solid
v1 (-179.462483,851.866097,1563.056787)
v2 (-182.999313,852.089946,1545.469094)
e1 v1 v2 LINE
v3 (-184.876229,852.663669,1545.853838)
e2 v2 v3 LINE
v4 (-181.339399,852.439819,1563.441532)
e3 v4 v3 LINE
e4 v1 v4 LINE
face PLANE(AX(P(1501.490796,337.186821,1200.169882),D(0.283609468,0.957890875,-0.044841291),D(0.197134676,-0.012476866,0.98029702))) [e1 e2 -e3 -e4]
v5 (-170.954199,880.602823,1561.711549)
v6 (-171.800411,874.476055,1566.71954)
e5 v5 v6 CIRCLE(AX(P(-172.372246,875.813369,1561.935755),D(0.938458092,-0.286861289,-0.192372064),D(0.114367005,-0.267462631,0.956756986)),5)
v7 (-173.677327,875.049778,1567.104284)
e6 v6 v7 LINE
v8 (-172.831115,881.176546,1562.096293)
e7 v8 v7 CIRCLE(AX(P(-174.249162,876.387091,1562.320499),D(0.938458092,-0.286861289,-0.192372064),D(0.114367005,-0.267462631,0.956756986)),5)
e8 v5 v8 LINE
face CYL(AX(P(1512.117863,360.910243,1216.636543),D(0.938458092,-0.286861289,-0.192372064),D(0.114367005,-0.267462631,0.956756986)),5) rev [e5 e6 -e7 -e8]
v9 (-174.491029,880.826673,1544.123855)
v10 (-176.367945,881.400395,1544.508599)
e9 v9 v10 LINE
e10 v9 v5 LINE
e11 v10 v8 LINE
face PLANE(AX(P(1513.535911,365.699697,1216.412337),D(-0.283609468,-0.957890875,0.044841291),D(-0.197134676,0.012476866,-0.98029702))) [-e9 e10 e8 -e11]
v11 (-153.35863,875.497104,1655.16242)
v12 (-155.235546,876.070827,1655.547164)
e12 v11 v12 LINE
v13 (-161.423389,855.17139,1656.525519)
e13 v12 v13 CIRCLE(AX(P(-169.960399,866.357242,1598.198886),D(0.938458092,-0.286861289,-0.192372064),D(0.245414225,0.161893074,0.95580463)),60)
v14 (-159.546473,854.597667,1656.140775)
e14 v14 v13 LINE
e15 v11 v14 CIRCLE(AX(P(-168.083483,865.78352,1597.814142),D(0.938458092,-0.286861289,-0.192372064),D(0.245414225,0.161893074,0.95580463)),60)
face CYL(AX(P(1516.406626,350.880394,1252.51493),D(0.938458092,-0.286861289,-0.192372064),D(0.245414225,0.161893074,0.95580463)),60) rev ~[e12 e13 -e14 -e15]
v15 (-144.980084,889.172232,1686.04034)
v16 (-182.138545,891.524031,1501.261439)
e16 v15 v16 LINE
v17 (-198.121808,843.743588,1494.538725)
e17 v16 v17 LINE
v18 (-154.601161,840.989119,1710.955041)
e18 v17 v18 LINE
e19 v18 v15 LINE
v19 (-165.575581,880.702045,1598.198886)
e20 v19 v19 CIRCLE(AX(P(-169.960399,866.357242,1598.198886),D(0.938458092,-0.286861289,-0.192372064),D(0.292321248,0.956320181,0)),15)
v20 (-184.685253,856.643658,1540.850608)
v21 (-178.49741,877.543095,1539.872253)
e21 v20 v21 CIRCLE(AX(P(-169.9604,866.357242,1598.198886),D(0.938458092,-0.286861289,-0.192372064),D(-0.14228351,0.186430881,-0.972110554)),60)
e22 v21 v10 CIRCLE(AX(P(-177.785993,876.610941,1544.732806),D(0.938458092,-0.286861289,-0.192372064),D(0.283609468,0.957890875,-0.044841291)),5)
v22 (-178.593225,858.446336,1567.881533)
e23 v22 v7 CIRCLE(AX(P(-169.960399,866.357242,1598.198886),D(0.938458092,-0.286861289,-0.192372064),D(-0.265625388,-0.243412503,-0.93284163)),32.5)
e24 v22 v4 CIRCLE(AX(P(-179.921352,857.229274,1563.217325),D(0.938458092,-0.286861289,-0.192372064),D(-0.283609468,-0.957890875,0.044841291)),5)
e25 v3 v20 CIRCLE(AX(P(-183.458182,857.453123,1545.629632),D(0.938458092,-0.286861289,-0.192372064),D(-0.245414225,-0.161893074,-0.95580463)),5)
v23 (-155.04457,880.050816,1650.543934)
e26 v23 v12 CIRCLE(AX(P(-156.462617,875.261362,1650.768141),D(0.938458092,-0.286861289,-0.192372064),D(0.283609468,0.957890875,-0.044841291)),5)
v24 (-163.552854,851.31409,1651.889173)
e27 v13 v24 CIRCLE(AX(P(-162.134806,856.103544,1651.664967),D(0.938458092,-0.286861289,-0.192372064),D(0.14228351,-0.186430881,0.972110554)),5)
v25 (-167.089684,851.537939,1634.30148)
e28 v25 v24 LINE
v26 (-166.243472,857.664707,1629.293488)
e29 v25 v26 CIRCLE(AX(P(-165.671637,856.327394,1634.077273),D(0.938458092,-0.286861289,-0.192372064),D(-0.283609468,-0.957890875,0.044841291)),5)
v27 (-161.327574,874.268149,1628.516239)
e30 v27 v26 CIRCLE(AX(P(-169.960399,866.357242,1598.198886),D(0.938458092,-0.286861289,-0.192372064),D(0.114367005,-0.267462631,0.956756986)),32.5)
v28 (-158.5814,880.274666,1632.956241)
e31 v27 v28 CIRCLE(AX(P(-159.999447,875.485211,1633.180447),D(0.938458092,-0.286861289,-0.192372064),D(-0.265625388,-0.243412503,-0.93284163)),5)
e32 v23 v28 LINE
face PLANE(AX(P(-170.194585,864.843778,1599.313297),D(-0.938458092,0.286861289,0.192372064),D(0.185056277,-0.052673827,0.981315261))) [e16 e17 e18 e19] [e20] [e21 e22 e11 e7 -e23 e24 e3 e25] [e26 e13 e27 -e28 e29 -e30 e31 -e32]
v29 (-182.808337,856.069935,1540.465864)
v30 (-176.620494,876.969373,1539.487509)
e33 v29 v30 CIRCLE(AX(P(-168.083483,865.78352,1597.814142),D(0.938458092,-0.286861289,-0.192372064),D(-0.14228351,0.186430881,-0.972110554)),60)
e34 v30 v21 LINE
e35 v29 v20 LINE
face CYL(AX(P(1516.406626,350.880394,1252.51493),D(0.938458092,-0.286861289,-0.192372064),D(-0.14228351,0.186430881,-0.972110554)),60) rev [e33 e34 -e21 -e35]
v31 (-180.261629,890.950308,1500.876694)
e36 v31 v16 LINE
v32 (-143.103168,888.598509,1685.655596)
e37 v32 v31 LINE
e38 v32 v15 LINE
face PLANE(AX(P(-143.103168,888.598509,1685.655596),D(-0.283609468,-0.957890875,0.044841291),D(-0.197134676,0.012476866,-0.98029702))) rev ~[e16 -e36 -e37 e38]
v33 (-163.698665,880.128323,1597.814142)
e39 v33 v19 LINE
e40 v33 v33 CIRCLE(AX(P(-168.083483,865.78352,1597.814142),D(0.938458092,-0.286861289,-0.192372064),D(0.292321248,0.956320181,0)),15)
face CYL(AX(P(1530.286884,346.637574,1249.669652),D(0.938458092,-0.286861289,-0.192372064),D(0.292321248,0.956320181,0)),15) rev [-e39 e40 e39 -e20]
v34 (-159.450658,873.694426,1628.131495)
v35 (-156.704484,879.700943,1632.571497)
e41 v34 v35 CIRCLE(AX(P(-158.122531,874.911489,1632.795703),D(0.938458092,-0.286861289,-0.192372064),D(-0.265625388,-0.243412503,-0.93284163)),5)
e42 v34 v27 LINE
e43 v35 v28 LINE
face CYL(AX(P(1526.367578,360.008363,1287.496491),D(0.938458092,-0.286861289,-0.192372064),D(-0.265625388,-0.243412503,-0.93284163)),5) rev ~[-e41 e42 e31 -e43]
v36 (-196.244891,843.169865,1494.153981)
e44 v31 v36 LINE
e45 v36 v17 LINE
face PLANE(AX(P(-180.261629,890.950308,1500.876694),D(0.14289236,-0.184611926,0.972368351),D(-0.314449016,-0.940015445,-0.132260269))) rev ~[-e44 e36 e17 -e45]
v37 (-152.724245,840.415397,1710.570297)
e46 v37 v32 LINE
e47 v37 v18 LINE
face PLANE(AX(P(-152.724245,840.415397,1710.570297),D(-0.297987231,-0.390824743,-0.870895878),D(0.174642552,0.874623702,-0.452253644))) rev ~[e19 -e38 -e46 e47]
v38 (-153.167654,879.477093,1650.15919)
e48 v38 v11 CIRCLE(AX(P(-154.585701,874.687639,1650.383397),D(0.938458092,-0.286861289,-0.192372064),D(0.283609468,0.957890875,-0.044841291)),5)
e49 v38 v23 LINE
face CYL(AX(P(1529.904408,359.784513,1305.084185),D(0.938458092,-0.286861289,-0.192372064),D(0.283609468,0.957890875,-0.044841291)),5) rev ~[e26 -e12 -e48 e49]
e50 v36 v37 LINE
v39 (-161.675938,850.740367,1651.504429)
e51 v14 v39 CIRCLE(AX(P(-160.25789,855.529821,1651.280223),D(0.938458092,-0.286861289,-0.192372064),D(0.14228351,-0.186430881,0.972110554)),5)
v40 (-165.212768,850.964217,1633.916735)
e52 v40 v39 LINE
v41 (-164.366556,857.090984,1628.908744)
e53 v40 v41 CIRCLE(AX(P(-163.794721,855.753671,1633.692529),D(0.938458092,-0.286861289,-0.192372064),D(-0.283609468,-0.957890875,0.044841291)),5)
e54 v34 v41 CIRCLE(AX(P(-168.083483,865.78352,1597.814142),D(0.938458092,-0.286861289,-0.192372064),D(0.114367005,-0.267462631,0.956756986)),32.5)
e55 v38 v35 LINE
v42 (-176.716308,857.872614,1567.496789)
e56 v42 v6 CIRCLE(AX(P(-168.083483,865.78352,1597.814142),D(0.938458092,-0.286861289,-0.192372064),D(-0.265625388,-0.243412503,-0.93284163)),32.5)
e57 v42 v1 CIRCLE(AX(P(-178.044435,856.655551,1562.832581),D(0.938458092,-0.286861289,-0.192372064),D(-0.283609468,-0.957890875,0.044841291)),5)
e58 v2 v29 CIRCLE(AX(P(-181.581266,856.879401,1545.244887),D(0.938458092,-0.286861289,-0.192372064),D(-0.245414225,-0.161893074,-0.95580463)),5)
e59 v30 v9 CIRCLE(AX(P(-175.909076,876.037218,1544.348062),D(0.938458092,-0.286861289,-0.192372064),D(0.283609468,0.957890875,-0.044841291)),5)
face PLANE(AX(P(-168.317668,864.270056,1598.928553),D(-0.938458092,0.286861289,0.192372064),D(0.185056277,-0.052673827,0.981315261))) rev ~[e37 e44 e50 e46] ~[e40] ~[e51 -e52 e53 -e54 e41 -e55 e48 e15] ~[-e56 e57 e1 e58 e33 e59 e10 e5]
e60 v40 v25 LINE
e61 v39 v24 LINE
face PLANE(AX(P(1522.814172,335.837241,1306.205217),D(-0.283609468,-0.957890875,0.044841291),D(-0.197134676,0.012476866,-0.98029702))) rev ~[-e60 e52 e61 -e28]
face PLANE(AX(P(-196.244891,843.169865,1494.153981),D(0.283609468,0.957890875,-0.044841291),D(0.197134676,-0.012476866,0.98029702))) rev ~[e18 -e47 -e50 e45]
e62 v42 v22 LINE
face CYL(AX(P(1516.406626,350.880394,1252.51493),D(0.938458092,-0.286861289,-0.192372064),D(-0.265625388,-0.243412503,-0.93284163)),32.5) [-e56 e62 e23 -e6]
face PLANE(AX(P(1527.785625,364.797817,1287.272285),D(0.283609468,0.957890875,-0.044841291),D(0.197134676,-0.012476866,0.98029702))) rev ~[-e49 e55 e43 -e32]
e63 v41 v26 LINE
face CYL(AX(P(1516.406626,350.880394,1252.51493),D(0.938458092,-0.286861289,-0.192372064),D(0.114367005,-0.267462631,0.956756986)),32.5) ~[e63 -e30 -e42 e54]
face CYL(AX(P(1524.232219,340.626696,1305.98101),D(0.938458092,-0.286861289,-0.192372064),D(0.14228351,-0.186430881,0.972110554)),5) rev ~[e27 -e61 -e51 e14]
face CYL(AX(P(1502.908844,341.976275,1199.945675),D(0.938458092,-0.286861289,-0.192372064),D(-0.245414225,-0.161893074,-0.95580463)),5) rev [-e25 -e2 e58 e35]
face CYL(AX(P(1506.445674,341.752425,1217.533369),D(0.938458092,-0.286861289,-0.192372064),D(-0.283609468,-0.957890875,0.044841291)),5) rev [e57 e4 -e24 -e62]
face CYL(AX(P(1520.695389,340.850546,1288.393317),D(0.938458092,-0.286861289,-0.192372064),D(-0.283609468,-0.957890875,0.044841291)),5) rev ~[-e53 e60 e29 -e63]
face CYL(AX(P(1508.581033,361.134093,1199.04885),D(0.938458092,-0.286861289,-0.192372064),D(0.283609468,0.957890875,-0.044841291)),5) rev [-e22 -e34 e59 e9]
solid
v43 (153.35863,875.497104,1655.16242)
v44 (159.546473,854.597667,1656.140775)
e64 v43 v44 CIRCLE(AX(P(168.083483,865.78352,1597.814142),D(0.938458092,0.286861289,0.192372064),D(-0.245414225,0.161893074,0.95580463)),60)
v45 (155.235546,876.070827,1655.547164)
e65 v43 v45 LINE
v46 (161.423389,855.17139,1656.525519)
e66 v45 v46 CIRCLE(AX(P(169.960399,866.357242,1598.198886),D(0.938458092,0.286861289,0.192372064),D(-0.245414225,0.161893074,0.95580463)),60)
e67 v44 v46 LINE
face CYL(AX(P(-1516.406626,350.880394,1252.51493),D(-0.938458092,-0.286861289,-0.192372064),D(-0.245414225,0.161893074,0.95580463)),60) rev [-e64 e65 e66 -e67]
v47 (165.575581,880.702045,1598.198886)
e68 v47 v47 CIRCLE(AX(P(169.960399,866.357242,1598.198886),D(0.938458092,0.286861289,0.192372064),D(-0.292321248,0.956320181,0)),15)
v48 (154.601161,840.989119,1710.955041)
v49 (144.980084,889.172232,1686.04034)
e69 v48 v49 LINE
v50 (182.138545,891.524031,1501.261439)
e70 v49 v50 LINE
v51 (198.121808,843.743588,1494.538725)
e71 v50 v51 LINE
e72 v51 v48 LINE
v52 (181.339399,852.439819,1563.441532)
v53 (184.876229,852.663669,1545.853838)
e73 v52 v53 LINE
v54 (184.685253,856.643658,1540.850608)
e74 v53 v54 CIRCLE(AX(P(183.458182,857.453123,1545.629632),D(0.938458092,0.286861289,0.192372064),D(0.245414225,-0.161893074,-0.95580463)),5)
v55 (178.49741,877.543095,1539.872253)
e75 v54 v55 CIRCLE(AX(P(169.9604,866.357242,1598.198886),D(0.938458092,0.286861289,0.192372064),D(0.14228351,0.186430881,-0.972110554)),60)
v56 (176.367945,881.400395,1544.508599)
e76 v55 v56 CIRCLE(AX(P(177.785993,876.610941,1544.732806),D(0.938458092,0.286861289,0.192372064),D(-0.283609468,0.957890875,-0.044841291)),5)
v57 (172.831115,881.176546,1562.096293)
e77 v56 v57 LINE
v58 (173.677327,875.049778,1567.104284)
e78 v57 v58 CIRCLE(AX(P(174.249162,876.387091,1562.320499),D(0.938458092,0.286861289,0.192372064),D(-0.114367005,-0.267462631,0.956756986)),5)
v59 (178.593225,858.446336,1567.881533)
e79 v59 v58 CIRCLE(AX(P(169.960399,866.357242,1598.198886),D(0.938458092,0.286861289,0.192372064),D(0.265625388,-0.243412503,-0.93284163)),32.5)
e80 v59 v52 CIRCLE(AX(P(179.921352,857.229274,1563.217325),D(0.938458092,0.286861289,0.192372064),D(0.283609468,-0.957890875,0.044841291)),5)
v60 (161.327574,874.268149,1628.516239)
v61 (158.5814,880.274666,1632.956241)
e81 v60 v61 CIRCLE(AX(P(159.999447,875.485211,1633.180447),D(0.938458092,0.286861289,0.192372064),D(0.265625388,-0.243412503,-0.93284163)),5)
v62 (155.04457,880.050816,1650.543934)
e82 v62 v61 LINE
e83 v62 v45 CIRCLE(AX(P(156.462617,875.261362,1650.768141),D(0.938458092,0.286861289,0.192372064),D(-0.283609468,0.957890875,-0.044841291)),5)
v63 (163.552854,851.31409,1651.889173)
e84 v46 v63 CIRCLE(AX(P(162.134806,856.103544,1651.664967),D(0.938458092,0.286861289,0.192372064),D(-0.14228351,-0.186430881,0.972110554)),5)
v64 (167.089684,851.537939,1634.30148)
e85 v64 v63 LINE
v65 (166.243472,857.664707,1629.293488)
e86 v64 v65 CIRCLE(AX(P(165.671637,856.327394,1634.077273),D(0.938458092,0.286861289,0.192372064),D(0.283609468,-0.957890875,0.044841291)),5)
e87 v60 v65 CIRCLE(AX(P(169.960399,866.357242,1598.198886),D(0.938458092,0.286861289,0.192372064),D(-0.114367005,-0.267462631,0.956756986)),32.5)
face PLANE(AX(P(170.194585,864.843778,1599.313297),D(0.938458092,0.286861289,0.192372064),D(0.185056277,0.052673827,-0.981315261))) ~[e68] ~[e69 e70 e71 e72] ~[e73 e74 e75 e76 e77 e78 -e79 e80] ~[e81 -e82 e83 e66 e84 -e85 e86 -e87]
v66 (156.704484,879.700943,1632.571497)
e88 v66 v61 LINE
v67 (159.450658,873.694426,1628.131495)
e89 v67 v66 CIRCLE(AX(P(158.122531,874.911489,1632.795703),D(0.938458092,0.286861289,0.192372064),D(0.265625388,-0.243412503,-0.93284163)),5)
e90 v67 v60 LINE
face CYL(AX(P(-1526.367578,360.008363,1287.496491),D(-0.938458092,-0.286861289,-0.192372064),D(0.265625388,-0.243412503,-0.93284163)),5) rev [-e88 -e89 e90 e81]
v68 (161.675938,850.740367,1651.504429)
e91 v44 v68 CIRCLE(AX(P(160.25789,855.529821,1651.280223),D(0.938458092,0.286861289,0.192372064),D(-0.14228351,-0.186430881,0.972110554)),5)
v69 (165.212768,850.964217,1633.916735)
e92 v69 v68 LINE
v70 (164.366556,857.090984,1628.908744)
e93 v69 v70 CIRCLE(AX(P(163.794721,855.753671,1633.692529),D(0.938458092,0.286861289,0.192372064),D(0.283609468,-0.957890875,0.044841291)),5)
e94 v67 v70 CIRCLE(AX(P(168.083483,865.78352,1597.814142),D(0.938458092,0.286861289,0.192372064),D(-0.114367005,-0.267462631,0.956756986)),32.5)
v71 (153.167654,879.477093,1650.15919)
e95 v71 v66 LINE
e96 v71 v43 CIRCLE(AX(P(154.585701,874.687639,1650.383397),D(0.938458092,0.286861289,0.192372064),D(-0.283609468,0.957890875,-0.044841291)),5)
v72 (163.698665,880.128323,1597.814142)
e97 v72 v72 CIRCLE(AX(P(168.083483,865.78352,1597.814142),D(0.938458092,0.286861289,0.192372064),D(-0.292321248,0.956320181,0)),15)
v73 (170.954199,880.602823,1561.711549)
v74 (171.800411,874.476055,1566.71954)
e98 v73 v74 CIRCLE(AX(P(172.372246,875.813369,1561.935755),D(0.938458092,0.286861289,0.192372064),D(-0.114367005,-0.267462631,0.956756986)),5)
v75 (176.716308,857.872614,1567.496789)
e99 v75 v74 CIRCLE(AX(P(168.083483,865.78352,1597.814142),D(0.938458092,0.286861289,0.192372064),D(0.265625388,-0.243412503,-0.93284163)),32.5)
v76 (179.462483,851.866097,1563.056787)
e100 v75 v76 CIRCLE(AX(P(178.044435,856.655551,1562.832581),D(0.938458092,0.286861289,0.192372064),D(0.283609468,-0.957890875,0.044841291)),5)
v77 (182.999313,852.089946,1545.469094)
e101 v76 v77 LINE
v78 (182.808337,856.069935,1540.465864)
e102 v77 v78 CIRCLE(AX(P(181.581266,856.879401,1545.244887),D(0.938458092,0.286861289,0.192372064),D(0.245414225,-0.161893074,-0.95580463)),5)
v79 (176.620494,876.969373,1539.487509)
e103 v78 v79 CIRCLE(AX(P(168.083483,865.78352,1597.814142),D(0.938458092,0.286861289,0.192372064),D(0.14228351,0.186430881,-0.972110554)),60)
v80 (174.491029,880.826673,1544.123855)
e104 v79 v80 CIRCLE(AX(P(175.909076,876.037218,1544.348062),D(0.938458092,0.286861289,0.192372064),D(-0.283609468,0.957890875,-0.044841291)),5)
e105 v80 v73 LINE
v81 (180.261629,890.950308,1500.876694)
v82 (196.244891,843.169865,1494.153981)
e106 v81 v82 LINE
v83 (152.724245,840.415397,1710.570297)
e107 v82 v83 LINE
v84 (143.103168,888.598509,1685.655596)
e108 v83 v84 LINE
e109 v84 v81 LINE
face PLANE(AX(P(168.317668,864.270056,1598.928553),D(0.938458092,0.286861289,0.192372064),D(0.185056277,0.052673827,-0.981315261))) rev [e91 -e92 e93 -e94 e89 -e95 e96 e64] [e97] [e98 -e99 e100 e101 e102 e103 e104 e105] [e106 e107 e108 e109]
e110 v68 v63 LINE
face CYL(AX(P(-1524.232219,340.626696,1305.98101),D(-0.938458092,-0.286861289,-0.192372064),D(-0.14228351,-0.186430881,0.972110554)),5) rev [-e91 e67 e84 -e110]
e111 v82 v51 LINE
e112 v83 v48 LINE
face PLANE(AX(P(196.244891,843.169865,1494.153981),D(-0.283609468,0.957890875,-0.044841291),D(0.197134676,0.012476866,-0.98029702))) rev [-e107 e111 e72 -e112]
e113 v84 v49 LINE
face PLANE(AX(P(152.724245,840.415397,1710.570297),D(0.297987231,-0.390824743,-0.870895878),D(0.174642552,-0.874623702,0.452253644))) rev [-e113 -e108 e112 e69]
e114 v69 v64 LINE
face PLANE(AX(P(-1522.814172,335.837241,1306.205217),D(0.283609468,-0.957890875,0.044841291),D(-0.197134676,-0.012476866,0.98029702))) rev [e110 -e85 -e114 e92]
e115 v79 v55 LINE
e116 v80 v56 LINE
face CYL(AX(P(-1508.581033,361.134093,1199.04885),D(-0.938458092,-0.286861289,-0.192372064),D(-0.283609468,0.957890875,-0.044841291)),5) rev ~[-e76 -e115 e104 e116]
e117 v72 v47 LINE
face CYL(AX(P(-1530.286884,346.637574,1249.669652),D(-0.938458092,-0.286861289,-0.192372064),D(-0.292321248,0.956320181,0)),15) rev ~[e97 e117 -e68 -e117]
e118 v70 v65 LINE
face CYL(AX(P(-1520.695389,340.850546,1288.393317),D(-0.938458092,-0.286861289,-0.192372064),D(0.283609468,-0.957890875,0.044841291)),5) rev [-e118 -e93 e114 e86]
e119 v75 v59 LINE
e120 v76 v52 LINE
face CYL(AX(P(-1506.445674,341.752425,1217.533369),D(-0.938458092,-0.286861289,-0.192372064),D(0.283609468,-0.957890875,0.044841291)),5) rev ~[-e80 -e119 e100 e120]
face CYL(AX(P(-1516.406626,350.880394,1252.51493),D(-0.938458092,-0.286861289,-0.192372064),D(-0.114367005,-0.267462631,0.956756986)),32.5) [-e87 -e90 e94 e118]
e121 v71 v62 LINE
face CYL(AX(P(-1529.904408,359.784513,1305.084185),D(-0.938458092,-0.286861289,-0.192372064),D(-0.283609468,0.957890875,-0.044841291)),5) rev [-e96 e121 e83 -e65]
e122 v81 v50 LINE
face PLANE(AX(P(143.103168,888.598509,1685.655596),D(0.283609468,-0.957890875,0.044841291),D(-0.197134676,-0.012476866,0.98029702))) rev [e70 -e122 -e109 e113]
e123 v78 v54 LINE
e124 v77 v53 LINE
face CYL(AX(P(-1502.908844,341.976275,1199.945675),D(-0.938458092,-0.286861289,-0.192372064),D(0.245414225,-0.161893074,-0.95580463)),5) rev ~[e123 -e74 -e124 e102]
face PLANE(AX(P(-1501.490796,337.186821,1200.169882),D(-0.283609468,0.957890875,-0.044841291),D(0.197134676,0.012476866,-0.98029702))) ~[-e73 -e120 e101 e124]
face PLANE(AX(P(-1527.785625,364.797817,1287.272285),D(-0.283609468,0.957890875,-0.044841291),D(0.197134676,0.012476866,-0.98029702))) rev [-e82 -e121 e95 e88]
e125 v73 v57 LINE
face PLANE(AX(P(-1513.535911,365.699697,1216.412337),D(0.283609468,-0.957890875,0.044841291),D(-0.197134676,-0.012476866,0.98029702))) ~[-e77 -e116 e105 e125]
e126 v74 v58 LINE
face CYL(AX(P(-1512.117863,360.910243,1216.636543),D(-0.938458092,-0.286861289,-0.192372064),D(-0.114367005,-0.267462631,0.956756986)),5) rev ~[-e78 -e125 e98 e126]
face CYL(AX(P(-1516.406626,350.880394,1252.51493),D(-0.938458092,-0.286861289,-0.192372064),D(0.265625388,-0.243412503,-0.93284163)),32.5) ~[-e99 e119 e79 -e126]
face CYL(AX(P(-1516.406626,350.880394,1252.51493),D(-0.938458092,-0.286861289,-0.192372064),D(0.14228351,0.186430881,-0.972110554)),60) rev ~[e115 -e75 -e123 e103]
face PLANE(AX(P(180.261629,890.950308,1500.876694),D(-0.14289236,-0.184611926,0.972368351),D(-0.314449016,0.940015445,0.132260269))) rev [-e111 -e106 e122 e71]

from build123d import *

# Parameters (mm, degrees)
BOSS_EXTRUDE1_START     = 12.7
BOSS_EXTRUDE1_DEPTH     = 2
CUT_EXTRUDE4_DEPTH      = 1797.04556265
CUT_EXTRUDE4_DEPTH_BACK = 1797.04556265
SKETCH3_R               = 15
CUT_EXTRUDE5_DEPTH      = 1796.95506988
CUT_EXTRUDE5_DEPTH_BACK = 1796.95506988


with BuildPart() as part:
    # Sketch1 → Boss-Extrude1 (new body)
    with BuildSketch(Plane(origin=(-657.646924254, 201.024900686, 134.809319163), x_dir=(0.18505627699526195, -0.05267382726489745, 0.9813152614047744), z_dir=(-0.9384580915226618, 0.28686128937701555, 0.19237206427285553)).offset(BOSS_EXTRUDE1_START)):
        Polygon((1392.544897132, 794.160740411), (1385.506771818, 743.820944023), (1606.078262607, 753.087712192), (1580.871537579, 802.072820575), align=None)
    extrude(amount=BOSS_EXTRUDE1_DEPTH)

    # Sketch3 → Cut-Extrude4 (cut, two sides: drawn at the far end of the back side and taken through both)
    with BuildSketch(Plane(origin=(-657.646924254, 201.024900686, 134.809319163), x_dir=(0.18505627699526195, -0.05267382726489745, 0.9813152614047744), z_dir=(-0.9384580915226618, 0.28686128937701555, 0.19237206427285553)).offset(-CUT_EXTRUDE4_DEPTH_BACK)):
        with Locations(Location((1491.250367284, 773.2855543, 0), (0, 0, 89.786696616))):
            Circle(SKETCH3_R)
    extrude(amount=CUT_EXTRUDE4_DEPTH + CUT_EXTRUDE4_DEPTH_BACK, mode=Mode.SUBTRACT)

    # Sketch4 → Cut-Extrude5 (cut, two sides: drawn at the far end of the back side and taken through both)
    with BuildSketch(Plane(origin=(-671.4422582, 205.24176164, 137.637188508), x_dir=(0.18625871511916806, -0.04872436407690483, 0.9812918156121848), z_dir=(-0.9384580915226616, 0.28686128937701677, 0.1923720642728549)).offset(-CUT_EXTRUDE5_DEPTH_BACK)):
        with BuildLine():
            Line((1457.746239108, 780.743585607), (1439.817906985, 780.064506584))
            ThreePointArc((1439.817906985, 780.064506584), (1436.665960559, 778.787820254), (1435.059611388, 775.790431957))
            ThreePointArc((1435.059611388, 775.790431957), (1434.473170135, 764.851305337), (1435.885435701, 753.987884581))
            ThreePointArc((1435.885435701, 753.987884581), (1437.713923604, 751.120599062), (1440.953415416, 750.086003943))
            Line((1440.953415416, 750.086003943), (1458.881747539, 750.765082966))
            ThreePointArc((1458.881747539, 750.765082966), (1462.783354332, 752.88662978), (1463.457520038, 757.276276356))
            ThreePointArc((1463.457520038, 757.276276356), (1461.953464223, 765.892188066), (1462.8014485, 774.597188993))
            ThreePointArc((1462.8014485, 774.597188993), (1461.797153878, 778.923259817), (1457.746239108, 780.743585607))
        make_face()
        with BuildLine():
            Line((1529.978603296, 783.479561433), (1547.906935419, 784.158640456))
            ThreePointArc((1547.906935419, 784.158640456), (1551.146427231, 783.124045336), (1552.974915134, 780.256759817))
            ThreePointArc((1552.974915134, 780.256759817), (1554.3871807, 769.393339061), (1553.800739448, 758.454212442))
            ThreePointArc((1553.800739448, 758.454212442), (1552.194390277, 755.456824145), (1549.04244385, 754.180137815))
            Line((1549.04244385, 754.180137815), (1531.114111727, 753.501058792))
            ThreePointArc((1531.114111727, 753.501058792), (1527.063196957, 755.321384582), (1526.058902335, 759.647455405))
            ThreePointArc((1526.058902335, 759.647455405), (1526.906886612, 768.352456333), (1525.402830797, 776.968368042))
            ThreePointArc((1525.402830797, 776.968368042), (1526.076996503, 781.358014618), (1529.978603296, 783.479561433))
        make_face()
    extrude(amount=CUT_EXTRUDE5_DEPTH + CUT_EXTRUDE5_DEPTH_BACK, mode=Mode.SUBTRACT)


with BuildPart() as body_2:
    # Mirror2: mirrored copy
    add(part.part.mirror(Plane(origin=(0, 0, 0), x_dir=(0, 0, 1), z_dir=(1, 0, 0))))


solid = Compound([part.part, body_2.part])
